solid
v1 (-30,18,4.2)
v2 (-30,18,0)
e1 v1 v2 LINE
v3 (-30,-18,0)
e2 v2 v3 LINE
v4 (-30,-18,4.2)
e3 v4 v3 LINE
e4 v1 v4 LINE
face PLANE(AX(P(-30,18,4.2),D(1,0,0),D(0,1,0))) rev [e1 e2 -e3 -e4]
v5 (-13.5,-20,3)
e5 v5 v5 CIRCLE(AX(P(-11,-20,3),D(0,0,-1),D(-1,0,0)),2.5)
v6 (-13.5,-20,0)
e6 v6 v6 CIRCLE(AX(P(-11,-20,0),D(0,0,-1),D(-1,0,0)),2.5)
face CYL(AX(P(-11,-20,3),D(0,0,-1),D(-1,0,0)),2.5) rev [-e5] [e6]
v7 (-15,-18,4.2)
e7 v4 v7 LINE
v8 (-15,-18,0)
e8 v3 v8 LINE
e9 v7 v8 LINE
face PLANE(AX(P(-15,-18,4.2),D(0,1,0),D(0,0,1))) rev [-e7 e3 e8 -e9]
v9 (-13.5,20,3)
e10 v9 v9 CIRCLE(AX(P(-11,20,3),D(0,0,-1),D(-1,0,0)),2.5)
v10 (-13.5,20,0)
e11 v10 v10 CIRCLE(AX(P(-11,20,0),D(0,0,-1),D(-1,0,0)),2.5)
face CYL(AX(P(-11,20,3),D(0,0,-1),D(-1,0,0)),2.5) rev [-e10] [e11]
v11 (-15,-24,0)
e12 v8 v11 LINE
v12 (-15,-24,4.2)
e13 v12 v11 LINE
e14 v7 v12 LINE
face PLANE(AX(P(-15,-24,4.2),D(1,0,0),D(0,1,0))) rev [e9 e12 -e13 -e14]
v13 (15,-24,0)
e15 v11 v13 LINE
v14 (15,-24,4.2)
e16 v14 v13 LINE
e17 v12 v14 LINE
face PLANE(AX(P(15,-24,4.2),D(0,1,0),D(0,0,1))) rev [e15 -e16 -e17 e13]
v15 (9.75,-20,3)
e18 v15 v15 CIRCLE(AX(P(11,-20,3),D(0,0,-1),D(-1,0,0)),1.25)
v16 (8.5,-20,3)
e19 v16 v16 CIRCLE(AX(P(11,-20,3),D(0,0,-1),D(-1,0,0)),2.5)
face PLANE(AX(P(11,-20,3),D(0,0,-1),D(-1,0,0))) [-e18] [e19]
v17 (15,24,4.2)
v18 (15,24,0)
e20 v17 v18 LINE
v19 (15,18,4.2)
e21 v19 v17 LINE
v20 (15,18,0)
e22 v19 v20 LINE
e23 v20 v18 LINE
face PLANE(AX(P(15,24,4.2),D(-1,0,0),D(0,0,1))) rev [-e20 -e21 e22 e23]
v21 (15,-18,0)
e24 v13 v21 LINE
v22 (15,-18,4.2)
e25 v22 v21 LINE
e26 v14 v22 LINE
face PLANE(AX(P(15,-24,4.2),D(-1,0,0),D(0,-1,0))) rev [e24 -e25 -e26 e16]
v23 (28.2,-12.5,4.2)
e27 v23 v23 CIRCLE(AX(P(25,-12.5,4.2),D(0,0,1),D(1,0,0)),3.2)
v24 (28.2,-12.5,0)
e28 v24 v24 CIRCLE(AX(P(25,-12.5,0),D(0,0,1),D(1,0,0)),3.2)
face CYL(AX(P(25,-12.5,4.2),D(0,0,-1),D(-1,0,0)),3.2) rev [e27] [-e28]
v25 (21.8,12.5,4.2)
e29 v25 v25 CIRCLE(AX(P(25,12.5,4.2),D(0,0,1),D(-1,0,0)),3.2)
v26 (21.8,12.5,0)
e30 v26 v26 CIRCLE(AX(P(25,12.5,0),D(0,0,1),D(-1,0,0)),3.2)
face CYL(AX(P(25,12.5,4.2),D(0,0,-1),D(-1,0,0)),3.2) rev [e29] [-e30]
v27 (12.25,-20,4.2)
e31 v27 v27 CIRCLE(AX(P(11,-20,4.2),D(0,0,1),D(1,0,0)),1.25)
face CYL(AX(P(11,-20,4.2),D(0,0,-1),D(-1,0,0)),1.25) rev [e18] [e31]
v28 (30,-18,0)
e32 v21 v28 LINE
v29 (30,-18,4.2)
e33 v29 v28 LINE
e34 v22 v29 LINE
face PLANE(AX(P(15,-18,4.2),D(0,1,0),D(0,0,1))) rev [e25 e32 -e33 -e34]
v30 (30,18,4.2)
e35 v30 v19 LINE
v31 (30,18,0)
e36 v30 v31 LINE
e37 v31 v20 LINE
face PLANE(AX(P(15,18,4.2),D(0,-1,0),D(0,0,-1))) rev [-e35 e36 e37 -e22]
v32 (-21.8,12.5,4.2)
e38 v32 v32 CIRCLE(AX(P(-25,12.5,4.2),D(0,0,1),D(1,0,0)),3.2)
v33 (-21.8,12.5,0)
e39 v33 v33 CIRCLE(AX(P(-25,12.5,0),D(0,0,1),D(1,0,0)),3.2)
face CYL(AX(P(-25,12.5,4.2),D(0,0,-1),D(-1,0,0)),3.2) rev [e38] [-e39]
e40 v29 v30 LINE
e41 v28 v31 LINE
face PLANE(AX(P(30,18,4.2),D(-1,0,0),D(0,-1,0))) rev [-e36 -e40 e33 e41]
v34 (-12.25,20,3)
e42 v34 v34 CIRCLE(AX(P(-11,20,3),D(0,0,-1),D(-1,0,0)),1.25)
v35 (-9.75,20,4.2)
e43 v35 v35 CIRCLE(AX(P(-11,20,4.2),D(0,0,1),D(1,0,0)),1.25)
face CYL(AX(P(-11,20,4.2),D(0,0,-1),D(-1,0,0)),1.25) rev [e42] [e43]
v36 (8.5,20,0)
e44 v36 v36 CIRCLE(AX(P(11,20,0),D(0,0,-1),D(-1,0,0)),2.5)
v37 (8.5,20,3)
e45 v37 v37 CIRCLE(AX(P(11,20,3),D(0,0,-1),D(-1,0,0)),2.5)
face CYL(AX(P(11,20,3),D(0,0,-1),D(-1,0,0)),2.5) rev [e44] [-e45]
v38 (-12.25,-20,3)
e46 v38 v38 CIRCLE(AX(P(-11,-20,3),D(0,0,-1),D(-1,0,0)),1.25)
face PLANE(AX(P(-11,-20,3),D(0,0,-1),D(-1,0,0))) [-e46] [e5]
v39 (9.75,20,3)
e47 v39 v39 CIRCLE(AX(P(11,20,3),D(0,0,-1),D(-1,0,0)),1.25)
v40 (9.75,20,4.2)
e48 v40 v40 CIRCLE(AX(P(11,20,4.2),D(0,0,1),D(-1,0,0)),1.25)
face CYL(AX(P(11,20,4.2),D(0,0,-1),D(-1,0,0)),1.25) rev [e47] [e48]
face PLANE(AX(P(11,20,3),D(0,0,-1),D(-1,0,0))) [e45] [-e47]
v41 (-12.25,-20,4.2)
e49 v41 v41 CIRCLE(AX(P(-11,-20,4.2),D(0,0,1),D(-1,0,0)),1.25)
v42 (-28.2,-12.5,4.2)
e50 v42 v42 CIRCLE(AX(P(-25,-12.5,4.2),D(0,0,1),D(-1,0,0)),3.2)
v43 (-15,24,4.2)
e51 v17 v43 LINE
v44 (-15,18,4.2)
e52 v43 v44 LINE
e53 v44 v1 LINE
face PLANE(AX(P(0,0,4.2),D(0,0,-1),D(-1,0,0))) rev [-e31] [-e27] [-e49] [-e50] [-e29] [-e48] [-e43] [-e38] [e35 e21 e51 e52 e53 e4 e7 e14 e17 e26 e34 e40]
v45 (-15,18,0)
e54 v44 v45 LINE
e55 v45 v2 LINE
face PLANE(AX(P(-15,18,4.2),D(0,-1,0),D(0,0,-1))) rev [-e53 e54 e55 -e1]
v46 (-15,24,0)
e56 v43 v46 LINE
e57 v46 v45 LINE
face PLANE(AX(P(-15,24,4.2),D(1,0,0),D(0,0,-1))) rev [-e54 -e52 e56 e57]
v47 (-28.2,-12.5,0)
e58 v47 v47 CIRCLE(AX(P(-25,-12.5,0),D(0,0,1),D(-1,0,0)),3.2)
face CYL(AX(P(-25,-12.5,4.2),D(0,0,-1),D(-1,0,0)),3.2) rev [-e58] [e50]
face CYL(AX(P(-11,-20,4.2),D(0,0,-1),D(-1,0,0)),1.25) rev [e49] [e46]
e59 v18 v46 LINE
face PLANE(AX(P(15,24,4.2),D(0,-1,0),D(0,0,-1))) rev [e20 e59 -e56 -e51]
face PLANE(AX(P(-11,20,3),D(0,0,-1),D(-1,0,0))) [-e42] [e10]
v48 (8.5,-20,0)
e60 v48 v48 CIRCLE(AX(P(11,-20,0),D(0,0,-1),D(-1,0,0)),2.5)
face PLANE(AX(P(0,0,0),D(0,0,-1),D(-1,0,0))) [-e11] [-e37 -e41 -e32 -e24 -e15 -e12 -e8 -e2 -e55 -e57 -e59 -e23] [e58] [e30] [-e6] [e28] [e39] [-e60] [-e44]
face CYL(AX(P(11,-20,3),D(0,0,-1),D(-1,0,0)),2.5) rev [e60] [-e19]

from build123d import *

# Parameters (mm, degrees)
SKETCH_1_R          = 3.2
SKETCH_1_R_2        = 1.25
EXTRUDE_1_DEPTH     = 4.2
SKETCH_2_R          = 2.5
CUT_EXTRUDE_1_DEPTH = 3


with BuildPart() as part:
    # 스케치1 → 보스-돌출1 (new body)
    with BuildSketch(Plane.XY):
        Polygon((15, 24), (-15, 24), (-15, 18), (-30, 18), (-30, -18), (-15, -18), (-15, -24), (15, -24), (15, -18), (30, -18), (30, 18), (15, 18), align=None)
        with Locations((-25, 12.5)):
            Circle(SKETCH_1_R, mode=Mode.SUBTRACT)
        with Locations((-11, 20)):
            Circle(SKETCH_1_R_2, mode=Mode.SUBTRACT)
        with Locations((-11, -20)):
            Circle(SKETCH_1_R_2, mode=Mode.SUBTRACT)
        with Locations((-25, -12.5)):
            Circle(SKETCH_1_R, mode=Mode.SUBTRACT)
        with Locations((25, -12.5)):
            Circle(SKETCH_1_R, mode=Mode.SUBTRACT)
        with Locations((11, -20)):
            Circle(SKETCH_1_R_2, mode=Mode.SUBTRACT)
        with Locations((11, 20)):
            Circle(SKETCH_1_R_2, mode=Mode.SUBTRACT)
        with Locations((25, 12.5)):
            Circle(SKETCH_1_R, mode=Mode.SUBTRACT)
    extrude(amount=EXTRUDE_1_DEPTH)

    # 스케치2 → 컷-돌출1 (cut)
    with BuildSketch(Plane(origin=(0, 0, 0), x_dir=(-1, 0, 0), z_dir=(0, 0, -1))):
        with Locations((-11, 20)):
            Circle(SKETCH_2_R)
        with Locations((11, 20)):
            Circle(SKETCH_2_R)
        with Locations((11, -20)):
            Circle(SKETCH_2_R)
        with Locations((-11, -20)):
            Circle(SKETCH_2_R)
    extrude(amount=-CUT_EXTRUDE_1_DEPTH, mode=Mode.SUBTRACT)


solid = part.part
